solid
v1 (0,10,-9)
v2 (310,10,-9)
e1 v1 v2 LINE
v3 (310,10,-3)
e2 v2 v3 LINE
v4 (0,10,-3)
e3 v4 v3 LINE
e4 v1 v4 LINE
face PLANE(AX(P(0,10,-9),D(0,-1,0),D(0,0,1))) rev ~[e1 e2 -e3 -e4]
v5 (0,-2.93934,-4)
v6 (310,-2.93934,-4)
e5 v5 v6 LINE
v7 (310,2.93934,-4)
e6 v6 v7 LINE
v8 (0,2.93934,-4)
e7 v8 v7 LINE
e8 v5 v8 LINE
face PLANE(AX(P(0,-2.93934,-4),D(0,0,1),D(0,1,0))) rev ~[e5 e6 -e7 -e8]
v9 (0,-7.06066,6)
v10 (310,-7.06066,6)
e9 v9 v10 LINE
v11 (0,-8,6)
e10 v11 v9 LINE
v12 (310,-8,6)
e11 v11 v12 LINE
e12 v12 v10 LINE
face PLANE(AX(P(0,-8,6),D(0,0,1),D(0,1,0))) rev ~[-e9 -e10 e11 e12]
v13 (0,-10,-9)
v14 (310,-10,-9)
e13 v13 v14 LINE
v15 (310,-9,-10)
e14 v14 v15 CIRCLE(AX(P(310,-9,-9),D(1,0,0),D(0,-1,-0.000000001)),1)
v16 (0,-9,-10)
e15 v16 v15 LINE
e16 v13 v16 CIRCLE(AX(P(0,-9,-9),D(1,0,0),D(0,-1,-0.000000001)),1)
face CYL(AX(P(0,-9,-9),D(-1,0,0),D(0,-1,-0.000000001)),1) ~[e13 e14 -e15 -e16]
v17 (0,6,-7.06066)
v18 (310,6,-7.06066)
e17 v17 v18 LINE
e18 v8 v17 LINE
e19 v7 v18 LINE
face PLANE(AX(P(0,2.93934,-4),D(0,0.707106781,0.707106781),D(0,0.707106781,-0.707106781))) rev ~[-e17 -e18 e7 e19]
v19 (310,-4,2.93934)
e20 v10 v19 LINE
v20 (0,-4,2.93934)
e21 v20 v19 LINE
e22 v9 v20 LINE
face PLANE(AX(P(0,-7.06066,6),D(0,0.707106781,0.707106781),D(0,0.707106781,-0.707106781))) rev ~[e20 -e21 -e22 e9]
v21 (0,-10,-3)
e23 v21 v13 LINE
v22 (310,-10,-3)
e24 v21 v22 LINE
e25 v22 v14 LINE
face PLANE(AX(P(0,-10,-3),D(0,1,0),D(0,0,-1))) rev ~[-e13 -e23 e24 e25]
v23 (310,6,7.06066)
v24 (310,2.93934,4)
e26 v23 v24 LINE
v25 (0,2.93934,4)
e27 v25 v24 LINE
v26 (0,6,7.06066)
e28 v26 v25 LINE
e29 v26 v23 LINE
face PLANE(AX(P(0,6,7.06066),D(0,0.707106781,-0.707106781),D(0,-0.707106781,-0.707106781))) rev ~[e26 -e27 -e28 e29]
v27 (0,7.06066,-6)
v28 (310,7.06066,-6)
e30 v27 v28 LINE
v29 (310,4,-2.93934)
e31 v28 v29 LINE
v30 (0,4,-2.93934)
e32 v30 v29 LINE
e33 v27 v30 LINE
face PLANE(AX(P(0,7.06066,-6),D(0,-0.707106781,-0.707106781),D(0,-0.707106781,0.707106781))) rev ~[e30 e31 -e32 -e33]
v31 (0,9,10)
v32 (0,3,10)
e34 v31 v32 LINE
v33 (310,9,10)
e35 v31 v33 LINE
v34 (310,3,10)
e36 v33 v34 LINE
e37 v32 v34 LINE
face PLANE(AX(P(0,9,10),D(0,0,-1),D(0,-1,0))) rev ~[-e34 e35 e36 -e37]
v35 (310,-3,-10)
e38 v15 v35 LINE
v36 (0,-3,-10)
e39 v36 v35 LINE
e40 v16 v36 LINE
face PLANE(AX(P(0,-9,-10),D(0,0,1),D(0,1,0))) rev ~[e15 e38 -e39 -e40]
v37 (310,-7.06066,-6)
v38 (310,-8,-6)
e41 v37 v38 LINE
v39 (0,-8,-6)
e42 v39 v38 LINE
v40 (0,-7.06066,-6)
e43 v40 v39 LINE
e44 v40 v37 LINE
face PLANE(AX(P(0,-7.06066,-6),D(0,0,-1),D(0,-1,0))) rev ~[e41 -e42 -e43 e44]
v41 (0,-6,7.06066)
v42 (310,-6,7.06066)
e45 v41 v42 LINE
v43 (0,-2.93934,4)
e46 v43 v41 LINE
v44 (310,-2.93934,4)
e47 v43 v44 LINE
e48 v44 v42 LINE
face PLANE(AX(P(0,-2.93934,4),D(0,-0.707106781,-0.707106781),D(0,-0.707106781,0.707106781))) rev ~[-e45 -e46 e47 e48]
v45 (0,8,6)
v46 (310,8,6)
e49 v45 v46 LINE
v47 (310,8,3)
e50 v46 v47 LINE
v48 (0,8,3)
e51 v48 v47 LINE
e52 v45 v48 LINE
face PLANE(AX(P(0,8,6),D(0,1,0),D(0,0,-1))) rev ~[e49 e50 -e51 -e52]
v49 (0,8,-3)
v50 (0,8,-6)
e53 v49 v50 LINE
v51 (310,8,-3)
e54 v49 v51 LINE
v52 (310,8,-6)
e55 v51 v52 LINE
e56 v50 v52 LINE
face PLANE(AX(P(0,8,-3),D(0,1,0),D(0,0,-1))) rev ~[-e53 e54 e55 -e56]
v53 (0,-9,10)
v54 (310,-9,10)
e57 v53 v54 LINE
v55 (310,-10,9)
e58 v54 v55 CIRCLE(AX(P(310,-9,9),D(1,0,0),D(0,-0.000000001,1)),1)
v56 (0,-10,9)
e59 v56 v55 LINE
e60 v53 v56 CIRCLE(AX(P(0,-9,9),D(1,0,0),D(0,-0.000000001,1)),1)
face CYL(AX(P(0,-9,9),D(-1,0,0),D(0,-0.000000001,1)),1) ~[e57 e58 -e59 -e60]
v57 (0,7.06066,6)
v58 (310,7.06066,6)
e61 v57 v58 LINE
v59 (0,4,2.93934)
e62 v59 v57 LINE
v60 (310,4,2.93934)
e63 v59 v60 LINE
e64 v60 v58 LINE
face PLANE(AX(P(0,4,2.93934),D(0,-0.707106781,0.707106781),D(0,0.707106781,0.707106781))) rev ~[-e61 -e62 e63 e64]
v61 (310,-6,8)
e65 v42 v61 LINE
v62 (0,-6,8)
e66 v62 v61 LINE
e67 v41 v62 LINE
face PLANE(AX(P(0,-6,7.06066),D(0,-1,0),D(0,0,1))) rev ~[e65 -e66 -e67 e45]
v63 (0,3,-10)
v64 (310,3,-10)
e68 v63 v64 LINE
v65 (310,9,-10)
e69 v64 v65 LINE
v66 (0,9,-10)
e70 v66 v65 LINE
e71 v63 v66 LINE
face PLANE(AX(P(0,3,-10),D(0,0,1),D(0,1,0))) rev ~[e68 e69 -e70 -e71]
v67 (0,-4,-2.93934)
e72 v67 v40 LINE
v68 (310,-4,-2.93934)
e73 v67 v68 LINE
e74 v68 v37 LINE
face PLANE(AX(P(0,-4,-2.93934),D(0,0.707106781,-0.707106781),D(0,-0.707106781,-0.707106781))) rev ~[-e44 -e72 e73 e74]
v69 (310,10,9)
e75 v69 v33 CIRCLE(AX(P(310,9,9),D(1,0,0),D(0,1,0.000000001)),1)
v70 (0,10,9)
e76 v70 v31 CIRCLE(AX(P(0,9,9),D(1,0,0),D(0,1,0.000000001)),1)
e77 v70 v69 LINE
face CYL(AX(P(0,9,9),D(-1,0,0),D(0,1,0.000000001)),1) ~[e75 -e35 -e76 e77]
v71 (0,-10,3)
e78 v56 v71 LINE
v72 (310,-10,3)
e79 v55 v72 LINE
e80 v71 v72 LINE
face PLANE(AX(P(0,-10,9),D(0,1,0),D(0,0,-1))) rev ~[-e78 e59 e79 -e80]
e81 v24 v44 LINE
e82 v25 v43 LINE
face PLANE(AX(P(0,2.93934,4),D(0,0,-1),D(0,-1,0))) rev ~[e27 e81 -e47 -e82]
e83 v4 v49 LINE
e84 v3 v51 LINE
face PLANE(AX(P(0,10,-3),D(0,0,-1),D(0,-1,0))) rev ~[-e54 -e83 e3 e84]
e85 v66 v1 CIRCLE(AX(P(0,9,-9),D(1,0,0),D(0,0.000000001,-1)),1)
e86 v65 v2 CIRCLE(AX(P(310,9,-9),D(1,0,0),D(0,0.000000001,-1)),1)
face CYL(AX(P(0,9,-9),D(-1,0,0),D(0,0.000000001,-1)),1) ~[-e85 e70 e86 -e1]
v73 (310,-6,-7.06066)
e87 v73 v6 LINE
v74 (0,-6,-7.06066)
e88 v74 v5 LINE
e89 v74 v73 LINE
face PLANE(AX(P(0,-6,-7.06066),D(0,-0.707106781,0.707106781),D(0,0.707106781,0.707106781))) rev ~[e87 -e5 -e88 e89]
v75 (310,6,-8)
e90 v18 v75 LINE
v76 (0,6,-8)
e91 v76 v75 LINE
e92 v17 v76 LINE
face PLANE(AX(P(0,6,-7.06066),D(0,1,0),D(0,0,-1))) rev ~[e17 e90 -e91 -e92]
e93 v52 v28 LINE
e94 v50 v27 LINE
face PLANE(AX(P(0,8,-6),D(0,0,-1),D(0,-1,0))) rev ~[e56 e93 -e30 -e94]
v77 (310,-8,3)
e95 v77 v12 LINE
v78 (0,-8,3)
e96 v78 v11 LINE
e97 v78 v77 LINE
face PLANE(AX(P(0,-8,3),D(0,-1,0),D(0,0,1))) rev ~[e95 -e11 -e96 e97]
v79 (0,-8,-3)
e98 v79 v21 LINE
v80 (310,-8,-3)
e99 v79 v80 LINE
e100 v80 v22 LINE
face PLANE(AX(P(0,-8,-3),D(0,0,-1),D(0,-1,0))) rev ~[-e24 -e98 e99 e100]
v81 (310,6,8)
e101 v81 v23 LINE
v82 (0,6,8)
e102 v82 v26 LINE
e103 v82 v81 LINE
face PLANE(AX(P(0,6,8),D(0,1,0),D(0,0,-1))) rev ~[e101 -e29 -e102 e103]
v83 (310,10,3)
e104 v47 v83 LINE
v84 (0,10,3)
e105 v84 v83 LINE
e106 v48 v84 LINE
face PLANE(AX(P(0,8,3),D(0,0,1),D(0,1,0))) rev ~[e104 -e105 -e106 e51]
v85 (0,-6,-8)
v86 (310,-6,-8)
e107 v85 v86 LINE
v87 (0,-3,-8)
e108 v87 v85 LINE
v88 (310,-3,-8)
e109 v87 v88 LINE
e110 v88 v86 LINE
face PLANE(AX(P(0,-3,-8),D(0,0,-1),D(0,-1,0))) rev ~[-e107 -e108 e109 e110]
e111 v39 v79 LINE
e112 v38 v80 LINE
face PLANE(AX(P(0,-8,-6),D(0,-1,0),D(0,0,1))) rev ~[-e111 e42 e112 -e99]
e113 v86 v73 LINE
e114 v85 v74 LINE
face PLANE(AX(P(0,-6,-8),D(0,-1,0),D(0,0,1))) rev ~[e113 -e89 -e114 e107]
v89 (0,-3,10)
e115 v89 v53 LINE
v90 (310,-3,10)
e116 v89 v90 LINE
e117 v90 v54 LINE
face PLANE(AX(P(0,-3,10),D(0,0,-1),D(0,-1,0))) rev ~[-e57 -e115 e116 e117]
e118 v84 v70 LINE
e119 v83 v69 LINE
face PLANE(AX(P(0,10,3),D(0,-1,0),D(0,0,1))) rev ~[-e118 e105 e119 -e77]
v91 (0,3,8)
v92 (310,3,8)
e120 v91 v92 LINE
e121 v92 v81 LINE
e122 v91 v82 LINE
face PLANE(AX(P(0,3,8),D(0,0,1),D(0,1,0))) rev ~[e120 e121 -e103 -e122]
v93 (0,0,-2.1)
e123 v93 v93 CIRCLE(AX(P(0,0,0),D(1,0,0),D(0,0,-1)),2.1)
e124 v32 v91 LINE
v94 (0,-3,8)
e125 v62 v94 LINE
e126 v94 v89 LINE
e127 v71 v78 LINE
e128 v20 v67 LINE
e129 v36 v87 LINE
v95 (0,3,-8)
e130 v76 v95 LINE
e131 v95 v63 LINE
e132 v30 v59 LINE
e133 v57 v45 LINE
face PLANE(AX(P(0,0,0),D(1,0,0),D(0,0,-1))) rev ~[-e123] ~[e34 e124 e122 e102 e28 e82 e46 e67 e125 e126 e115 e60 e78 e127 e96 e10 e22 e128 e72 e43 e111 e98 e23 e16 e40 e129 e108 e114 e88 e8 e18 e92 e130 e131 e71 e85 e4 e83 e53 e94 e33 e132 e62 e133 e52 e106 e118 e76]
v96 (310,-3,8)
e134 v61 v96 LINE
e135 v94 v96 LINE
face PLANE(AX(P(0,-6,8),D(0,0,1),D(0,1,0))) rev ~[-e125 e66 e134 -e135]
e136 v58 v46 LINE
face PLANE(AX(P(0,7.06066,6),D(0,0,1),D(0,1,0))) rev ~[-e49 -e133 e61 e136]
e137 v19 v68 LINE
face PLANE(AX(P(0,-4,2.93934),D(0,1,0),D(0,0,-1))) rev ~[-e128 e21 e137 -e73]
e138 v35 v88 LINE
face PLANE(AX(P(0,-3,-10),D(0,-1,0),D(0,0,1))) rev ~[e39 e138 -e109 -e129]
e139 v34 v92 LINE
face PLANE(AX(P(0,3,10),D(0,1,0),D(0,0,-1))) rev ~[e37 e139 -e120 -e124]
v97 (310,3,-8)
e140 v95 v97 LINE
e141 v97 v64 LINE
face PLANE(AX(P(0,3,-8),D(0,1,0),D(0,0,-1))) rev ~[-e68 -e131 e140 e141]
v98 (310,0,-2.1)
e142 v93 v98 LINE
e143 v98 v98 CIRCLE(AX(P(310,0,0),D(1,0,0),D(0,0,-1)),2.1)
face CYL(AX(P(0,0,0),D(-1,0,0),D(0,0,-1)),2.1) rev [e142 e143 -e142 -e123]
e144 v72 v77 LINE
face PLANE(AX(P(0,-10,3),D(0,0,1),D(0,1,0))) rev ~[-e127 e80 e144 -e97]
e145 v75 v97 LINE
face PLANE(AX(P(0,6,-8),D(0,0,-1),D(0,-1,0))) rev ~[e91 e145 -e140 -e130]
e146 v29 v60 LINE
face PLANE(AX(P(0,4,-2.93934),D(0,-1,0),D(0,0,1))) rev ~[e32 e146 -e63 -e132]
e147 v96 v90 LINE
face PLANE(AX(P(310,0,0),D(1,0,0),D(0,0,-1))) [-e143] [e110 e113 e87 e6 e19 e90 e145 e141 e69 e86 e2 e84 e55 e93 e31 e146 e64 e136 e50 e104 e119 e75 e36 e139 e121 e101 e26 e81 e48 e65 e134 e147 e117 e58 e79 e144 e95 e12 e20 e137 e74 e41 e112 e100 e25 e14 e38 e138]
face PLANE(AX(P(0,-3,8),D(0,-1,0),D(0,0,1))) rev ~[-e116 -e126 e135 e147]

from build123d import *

# Parameters (mm, degrees)
SKETCH1_R           = 2.1
BOSS_EXTRUDE1_DEPTH = 310


with BuildPart() as part:
    # Sketch1 → Boss-Extrude1 (new body)
    with BuildSketch(Plane(origin=(0, 0, 0), x_dir=(0, 0, -1), z_dir=(1, 0, 0))):
        with BuildLine():
            Line((-10, 9), (-10, 3))
            Line((-10, 3), (-8, 3))
            Line((-8, 3), (-8, 6))
            Line((-8, 6), (-7.060660172, 6))
            Line((-7.060660172, 6), (-4, 2.939339828))
            Line((-4, 2.939339828), (-4, -2.939339828))
            Line((-4, -2.939339828), (-7.060660172, -6))
            Line((-7.060660172, -6), (-8, -6))
            Line((-8, -6), (-8, -3))
            Line((-8, -3), (-10, -3))
            Line((-10, -3), (-10, -9))
            ThreePointArc((-10, -9), (-9.707106781, -9.707106781), (-9, -10))
            Line((-9, -10), (-3, -10))
            Line((-3, -10), (-3, -8))
            Line((-3, -8), (-6, -8))
            Line((-6, -8), (-6, -7.060660172))
            Line((-6, -7.060660172), (-2.939339828, -4))
            Line((-2.939339828, -4), (2.939339828, -4))
            Line((2.939339828, -4), (6, -7.060660172))
            Line((6, -7.060660172), (6, -8))
            Line((6, -8), (3, -8))
            Line((3, -8), (3, -10))
            Line((3, -10), (9, -10))
            ThreePointArc((9, -10), (9.707106781, -9.707106781), (10, -9))
            Line((10, -9), (10, -3))
            Line((10, -3), (8, -3))
            Line((8, -3), (8, -6))
            Line((8, -6), (7.060660172, -6))
            Line((7.060660172, -6), (4, -2.939339828))
            Line((4, -2.939339828), (4, 2.939339828))
            Line((4, 2.939339828), (7.060660172, 6))
            Line((7.060660172, 6), (8, 6))
            Line((8, 6), (8, 3))
            Line((8, 3), (10, 3))
            Line((10, 3), (10, 9))
            ThreePointArc((10, 9), (9.707106781, 9.707106781), (9, 10))
            Line((9, 10), (3, 10))
            Line((3, 10), (3, 8))
            Line((3, 8), (6, 8))
            Line((6, 8), (6, 7.060660172))
            Line((6, 7.060660172), (2.939339828, 4))
            Line((2.939339828, 4), (-2.939339828, 4))
            Line((-2.939339828, 4), (-6, 7.060660172))
            Line((-6, 7.060660172), (-6, 8))
            Line((-6, 8), (-3, 8))
            Line((-3, 8), (-3, 10))
            Line((-3, 10), (-9, 10))
            ThreePointArc((-9, 10), (-9.707106781, 9.707106781), (-10, 9))
        make_face()
        Circle(SKETCH1_R, mode=Mode.SUBTRACT)
    extrude(amount=BOSS_EXTRUDE1_DEPTH)


solid = part.part
